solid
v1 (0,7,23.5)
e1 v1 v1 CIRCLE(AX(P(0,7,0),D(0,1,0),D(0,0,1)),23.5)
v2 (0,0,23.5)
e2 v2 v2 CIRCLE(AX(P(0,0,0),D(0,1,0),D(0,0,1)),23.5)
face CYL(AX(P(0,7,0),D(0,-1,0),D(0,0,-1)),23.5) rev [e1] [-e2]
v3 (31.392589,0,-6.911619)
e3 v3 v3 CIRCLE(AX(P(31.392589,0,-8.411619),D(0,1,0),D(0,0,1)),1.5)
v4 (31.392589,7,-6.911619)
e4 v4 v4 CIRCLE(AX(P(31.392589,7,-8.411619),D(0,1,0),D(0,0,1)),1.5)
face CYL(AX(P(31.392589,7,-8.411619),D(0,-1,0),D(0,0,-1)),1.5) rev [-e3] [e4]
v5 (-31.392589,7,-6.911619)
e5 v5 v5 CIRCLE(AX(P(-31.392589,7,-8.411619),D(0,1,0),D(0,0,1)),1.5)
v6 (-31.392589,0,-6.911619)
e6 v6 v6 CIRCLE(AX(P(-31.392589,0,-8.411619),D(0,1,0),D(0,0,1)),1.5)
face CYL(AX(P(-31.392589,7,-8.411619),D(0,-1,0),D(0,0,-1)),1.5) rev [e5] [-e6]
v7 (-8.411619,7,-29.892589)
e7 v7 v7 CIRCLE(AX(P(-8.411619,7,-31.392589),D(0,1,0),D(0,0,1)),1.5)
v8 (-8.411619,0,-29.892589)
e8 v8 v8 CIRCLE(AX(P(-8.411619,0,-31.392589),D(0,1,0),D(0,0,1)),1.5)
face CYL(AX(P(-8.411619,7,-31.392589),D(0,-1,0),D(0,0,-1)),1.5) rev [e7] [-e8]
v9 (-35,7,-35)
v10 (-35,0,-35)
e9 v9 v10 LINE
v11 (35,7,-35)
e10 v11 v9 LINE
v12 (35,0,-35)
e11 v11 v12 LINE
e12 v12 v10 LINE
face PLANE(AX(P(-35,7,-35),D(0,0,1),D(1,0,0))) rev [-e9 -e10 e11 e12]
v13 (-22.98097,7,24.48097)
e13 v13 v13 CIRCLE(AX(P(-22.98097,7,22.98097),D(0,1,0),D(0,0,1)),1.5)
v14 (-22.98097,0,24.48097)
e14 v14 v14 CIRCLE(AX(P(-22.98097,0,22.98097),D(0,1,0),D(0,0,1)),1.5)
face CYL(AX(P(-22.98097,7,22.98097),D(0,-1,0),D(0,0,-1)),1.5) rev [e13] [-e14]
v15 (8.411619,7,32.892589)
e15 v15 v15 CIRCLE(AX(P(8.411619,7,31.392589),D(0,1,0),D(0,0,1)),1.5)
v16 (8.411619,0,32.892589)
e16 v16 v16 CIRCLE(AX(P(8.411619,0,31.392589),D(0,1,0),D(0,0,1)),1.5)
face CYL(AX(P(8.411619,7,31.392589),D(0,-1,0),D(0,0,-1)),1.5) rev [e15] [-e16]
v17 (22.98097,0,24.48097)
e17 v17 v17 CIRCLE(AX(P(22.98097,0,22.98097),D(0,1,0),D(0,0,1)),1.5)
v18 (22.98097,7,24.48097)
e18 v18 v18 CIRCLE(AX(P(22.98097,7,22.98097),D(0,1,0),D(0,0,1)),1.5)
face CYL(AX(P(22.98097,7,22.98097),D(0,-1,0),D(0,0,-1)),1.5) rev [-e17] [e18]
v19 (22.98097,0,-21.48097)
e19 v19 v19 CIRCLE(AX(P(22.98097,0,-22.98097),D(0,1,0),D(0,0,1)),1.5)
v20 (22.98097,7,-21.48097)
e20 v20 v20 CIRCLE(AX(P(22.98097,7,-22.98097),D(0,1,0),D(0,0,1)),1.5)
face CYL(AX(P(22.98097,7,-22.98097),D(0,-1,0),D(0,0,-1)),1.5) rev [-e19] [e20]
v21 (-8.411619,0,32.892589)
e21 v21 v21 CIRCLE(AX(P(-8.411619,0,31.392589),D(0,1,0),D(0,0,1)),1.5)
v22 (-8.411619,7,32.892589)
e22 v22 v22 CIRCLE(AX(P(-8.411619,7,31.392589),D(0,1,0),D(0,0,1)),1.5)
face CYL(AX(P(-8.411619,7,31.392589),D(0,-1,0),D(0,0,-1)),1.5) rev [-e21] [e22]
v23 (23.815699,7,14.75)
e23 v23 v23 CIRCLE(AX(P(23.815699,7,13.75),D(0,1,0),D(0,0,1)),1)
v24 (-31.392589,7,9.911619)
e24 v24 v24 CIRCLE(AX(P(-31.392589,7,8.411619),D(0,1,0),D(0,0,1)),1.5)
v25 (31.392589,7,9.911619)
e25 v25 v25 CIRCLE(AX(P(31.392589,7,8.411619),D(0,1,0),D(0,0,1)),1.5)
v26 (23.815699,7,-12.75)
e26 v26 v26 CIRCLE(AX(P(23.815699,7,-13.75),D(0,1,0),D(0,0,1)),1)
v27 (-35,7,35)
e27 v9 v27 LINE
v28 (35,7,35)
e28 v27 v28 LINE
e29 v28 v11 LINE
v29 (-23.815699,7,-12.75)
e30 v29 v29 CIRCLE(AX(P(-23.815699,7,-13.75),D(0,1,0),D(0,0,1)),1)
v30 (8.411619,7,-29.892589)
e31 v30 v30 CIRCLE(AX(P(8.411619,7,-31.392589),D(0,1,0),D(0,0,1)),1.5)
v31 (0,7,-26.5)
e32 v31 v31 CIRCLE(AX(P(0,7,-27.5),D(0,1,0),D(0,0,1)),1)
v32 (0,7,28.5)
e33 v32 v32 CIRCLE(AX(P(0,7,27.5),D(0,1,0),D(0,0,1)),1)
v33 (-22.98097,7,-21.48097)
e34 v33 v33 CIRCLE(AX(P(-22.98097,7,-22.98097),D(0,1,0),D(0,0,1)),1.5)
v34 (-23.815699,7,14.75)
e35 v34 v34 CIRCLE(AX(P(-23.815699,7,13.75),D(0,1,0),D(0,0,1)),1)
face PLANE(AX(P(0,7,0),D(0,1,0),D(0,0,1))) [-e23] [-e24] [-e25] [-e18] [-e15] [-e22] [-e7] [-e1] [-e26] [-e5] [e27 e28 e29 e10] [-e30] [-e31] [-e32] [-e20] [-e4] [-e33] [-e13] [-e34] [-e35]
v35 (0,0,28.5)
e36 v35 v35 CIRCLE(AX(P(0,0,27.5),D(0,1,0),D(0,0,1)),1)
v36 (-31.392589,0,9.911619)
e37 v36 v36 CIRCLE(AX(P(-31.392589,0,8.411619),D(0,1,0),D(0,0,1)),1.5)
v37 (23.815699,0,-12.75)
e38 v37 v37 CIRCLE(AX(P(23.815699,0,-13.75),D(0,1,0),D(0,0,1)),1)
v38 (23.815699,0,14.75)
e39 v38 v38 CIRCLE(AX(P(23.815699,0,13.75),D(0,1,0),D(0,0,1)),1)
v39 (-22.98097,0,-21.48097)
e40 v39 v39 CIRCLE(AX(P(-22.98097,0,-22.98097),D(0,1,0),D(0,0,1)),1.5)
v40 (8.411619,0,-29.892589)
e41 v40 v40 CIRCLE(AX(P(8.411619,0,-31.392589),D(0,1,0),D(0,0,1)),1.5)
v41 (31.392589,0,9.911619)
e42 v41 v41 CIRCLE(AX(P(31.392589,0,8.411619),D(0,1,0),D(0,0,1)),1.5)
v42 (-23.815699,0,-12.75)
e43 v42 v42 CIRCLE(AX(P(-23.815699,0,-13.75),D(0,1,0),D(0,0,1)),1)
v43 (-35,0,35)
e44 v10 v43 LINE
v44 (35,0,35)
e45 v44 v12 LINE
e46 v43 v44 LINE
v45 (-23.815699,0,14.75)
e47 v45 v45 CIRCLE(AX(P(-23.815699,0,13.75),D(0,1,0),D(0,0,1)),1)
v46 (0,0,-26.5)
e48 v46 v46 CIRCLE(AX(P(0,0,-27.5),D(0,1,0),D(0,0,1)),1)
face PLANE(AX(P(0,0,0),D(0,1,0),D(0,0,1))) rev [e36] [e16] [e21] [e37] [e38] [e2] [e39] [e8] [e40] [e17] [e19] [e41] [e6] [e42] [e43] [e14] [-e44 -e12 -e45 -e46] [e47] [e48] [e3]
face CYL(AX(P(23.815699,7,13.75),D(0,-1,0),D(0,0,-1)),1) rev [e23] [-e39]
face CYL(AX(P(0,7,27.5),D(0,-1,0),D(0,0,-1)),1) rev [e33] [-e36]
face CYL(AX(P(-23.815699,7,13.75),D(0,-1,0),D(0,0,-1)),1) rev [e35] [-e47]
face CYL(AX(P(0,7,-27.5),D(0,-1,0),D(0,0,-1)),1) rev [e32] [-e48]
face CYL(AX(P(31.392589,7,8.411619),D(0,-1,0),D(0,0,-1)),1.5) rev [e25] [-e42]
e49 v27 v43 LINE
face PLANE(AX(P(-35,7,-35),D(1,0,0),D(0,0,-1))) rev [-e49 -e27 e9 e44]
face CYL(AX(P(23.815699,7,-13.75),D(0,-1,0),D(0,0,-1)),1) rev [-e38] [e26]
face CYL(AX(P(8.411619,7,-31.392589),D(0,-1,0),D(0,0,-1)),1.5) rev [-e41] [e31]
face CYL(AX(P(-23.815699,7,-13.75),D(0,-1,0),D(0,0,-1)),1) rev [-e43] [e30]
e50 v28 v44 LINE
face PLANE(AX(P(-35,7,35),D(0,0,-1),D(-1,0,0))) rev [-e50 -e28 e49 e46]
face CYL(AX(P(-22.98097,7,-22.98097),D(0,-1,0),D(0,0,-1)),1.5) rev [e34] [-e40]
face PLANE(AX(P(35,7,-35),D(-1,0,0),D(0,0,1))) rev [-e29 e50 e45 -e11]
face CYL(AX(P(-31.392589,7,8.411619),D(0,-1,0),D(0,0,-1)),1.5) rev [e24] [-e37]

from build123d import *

# Parameters (mm, degrees)
SKETCH1_W           = 70
SKETCH1_H           = 70
SKETCH1_R           = 23.5
SKETCH1_R_2         = 1
SKETCH1_R_3         = 1.5
BOSS_EXTRUDE1_DEPTH = 7


with BuildPart() as part:
    # Sketch1 → Boss-Extrude1 (new body)
    with BuildSketch(Plane(origin=(0, 0, 0), x_dir=(1, 0, 0), z_dir=(0, 1, 0))):
        Rectangle(SKETCH1_W, SKETCH1_H)
        with Locations(Location((0, 0, 0), (0, 0, 270))):
            Circle(SKETCH1_R, mode=Mode.SUBTRACT)
        with Locations(Location((0, 27.5, 0), (0, 0, 270))):
            Circle(SKETCH1_R_2, mode=Mode.SUBTRACT)
        with Locations(Location((23.815698604, 13.75, 0), (0, 0, 270))):
            Circle(SKETCH1_R_2, mode=Mode.SUBTRACT)
        with Locations(Location((23.815698604, -13.75, 0), (0, 0, 270))):
            Circle(SKETCH1_R_2, mode=Mode.SUBTRACT)
        with Locations(Location((0, -27.5, 0), (0, 0, 270))):
            Circle(SKETCH1_R_2, mode=Mode.SUBTRACT)
        with Locations(Location((-23.815698604, -13.75, 0), (0, 0, 270))):
            Circle(SKETCH1_R_2, mode=Mode.SUBTRACT)
        with Locations(Location((-23.815698604, 13.75, 0), (0, 0, 270))):
            Circle(SKETCH1_R_2, mode=Mode.SUBTRACT)
        with Locations(Location((-31.392589354, -8.411618966, 0), (0, 0, 270))):
            Circle(SKETCH1_R_3, mode=Mode.SUBTRACT)
        with Locations(Location((-31.392589354, 8.411618966, 0), (0, 0, 270))):
            Circle(SKETCH1_R_3, mode=Mode.SUBTRACT)
        with Locations(Location((-22.980970389, 22.980970389, 0), (0, 0, 270))):
            Circle(SKETCH1_R_3, mode=Mode.SUBTRACT)
        with Locations(Location((-8.411618966, 31.392589354, 0), (0, 0, 270))):
            Circle(SKETCH1_R_3, mode=Mode.SUBTRACT)
        with Locations(Location((8.411618966, 31.392589354, 0), (0, 0, 270))):
            Circle(SKETCH1_R_3, mode=Mode.SUBTRACT)
        with Locations(Location((22.980970389, 22.980970389, 0), (0, 0, 270))):
            Circle(SKETCH1_R_3, mode=Mode.SUBTRACT)
        with Locations(Location((31.392589354, 8.411618966, 0), (0, 0, 270))):
            Circle(SKETCH1_R_3, mode=Mode.SUBTRACT)
        with Locations(Location((31.392589354, -8.411618966, 0), (0, 0, 270))):
            Circle(SKETCH1_R_3, mode=Mode.SUBTRACT)
        with Locations(Location((22.980970389, -22.980970389, 0), (0, 0, 270))):
            Circle(SKETCH1_R_3, mode=Mode.SUBTRACT)
        with Locations(Location((8.411618966, -31.392589354, 0), (0, 0, 270))):
            Circle(SKETCH1_R_3, mode=Mode.SUBTRACT)
        with Locations(Location((-8.411618966, -31.392589354, 0), (0, 0, 270))):
            Circle(SKETCH1_R_3, mode=Mode.SUBTRACT)
        with Locations(Location((-22.980970389, -22.980970389, 0), (0, 0, 270))):
            Circle(SKETCH1_R_3, mode=Mode.SUBTRACT)
    extrude(amount=BOSS_EXTRUDE1_DEPTH)


solid = part.part
